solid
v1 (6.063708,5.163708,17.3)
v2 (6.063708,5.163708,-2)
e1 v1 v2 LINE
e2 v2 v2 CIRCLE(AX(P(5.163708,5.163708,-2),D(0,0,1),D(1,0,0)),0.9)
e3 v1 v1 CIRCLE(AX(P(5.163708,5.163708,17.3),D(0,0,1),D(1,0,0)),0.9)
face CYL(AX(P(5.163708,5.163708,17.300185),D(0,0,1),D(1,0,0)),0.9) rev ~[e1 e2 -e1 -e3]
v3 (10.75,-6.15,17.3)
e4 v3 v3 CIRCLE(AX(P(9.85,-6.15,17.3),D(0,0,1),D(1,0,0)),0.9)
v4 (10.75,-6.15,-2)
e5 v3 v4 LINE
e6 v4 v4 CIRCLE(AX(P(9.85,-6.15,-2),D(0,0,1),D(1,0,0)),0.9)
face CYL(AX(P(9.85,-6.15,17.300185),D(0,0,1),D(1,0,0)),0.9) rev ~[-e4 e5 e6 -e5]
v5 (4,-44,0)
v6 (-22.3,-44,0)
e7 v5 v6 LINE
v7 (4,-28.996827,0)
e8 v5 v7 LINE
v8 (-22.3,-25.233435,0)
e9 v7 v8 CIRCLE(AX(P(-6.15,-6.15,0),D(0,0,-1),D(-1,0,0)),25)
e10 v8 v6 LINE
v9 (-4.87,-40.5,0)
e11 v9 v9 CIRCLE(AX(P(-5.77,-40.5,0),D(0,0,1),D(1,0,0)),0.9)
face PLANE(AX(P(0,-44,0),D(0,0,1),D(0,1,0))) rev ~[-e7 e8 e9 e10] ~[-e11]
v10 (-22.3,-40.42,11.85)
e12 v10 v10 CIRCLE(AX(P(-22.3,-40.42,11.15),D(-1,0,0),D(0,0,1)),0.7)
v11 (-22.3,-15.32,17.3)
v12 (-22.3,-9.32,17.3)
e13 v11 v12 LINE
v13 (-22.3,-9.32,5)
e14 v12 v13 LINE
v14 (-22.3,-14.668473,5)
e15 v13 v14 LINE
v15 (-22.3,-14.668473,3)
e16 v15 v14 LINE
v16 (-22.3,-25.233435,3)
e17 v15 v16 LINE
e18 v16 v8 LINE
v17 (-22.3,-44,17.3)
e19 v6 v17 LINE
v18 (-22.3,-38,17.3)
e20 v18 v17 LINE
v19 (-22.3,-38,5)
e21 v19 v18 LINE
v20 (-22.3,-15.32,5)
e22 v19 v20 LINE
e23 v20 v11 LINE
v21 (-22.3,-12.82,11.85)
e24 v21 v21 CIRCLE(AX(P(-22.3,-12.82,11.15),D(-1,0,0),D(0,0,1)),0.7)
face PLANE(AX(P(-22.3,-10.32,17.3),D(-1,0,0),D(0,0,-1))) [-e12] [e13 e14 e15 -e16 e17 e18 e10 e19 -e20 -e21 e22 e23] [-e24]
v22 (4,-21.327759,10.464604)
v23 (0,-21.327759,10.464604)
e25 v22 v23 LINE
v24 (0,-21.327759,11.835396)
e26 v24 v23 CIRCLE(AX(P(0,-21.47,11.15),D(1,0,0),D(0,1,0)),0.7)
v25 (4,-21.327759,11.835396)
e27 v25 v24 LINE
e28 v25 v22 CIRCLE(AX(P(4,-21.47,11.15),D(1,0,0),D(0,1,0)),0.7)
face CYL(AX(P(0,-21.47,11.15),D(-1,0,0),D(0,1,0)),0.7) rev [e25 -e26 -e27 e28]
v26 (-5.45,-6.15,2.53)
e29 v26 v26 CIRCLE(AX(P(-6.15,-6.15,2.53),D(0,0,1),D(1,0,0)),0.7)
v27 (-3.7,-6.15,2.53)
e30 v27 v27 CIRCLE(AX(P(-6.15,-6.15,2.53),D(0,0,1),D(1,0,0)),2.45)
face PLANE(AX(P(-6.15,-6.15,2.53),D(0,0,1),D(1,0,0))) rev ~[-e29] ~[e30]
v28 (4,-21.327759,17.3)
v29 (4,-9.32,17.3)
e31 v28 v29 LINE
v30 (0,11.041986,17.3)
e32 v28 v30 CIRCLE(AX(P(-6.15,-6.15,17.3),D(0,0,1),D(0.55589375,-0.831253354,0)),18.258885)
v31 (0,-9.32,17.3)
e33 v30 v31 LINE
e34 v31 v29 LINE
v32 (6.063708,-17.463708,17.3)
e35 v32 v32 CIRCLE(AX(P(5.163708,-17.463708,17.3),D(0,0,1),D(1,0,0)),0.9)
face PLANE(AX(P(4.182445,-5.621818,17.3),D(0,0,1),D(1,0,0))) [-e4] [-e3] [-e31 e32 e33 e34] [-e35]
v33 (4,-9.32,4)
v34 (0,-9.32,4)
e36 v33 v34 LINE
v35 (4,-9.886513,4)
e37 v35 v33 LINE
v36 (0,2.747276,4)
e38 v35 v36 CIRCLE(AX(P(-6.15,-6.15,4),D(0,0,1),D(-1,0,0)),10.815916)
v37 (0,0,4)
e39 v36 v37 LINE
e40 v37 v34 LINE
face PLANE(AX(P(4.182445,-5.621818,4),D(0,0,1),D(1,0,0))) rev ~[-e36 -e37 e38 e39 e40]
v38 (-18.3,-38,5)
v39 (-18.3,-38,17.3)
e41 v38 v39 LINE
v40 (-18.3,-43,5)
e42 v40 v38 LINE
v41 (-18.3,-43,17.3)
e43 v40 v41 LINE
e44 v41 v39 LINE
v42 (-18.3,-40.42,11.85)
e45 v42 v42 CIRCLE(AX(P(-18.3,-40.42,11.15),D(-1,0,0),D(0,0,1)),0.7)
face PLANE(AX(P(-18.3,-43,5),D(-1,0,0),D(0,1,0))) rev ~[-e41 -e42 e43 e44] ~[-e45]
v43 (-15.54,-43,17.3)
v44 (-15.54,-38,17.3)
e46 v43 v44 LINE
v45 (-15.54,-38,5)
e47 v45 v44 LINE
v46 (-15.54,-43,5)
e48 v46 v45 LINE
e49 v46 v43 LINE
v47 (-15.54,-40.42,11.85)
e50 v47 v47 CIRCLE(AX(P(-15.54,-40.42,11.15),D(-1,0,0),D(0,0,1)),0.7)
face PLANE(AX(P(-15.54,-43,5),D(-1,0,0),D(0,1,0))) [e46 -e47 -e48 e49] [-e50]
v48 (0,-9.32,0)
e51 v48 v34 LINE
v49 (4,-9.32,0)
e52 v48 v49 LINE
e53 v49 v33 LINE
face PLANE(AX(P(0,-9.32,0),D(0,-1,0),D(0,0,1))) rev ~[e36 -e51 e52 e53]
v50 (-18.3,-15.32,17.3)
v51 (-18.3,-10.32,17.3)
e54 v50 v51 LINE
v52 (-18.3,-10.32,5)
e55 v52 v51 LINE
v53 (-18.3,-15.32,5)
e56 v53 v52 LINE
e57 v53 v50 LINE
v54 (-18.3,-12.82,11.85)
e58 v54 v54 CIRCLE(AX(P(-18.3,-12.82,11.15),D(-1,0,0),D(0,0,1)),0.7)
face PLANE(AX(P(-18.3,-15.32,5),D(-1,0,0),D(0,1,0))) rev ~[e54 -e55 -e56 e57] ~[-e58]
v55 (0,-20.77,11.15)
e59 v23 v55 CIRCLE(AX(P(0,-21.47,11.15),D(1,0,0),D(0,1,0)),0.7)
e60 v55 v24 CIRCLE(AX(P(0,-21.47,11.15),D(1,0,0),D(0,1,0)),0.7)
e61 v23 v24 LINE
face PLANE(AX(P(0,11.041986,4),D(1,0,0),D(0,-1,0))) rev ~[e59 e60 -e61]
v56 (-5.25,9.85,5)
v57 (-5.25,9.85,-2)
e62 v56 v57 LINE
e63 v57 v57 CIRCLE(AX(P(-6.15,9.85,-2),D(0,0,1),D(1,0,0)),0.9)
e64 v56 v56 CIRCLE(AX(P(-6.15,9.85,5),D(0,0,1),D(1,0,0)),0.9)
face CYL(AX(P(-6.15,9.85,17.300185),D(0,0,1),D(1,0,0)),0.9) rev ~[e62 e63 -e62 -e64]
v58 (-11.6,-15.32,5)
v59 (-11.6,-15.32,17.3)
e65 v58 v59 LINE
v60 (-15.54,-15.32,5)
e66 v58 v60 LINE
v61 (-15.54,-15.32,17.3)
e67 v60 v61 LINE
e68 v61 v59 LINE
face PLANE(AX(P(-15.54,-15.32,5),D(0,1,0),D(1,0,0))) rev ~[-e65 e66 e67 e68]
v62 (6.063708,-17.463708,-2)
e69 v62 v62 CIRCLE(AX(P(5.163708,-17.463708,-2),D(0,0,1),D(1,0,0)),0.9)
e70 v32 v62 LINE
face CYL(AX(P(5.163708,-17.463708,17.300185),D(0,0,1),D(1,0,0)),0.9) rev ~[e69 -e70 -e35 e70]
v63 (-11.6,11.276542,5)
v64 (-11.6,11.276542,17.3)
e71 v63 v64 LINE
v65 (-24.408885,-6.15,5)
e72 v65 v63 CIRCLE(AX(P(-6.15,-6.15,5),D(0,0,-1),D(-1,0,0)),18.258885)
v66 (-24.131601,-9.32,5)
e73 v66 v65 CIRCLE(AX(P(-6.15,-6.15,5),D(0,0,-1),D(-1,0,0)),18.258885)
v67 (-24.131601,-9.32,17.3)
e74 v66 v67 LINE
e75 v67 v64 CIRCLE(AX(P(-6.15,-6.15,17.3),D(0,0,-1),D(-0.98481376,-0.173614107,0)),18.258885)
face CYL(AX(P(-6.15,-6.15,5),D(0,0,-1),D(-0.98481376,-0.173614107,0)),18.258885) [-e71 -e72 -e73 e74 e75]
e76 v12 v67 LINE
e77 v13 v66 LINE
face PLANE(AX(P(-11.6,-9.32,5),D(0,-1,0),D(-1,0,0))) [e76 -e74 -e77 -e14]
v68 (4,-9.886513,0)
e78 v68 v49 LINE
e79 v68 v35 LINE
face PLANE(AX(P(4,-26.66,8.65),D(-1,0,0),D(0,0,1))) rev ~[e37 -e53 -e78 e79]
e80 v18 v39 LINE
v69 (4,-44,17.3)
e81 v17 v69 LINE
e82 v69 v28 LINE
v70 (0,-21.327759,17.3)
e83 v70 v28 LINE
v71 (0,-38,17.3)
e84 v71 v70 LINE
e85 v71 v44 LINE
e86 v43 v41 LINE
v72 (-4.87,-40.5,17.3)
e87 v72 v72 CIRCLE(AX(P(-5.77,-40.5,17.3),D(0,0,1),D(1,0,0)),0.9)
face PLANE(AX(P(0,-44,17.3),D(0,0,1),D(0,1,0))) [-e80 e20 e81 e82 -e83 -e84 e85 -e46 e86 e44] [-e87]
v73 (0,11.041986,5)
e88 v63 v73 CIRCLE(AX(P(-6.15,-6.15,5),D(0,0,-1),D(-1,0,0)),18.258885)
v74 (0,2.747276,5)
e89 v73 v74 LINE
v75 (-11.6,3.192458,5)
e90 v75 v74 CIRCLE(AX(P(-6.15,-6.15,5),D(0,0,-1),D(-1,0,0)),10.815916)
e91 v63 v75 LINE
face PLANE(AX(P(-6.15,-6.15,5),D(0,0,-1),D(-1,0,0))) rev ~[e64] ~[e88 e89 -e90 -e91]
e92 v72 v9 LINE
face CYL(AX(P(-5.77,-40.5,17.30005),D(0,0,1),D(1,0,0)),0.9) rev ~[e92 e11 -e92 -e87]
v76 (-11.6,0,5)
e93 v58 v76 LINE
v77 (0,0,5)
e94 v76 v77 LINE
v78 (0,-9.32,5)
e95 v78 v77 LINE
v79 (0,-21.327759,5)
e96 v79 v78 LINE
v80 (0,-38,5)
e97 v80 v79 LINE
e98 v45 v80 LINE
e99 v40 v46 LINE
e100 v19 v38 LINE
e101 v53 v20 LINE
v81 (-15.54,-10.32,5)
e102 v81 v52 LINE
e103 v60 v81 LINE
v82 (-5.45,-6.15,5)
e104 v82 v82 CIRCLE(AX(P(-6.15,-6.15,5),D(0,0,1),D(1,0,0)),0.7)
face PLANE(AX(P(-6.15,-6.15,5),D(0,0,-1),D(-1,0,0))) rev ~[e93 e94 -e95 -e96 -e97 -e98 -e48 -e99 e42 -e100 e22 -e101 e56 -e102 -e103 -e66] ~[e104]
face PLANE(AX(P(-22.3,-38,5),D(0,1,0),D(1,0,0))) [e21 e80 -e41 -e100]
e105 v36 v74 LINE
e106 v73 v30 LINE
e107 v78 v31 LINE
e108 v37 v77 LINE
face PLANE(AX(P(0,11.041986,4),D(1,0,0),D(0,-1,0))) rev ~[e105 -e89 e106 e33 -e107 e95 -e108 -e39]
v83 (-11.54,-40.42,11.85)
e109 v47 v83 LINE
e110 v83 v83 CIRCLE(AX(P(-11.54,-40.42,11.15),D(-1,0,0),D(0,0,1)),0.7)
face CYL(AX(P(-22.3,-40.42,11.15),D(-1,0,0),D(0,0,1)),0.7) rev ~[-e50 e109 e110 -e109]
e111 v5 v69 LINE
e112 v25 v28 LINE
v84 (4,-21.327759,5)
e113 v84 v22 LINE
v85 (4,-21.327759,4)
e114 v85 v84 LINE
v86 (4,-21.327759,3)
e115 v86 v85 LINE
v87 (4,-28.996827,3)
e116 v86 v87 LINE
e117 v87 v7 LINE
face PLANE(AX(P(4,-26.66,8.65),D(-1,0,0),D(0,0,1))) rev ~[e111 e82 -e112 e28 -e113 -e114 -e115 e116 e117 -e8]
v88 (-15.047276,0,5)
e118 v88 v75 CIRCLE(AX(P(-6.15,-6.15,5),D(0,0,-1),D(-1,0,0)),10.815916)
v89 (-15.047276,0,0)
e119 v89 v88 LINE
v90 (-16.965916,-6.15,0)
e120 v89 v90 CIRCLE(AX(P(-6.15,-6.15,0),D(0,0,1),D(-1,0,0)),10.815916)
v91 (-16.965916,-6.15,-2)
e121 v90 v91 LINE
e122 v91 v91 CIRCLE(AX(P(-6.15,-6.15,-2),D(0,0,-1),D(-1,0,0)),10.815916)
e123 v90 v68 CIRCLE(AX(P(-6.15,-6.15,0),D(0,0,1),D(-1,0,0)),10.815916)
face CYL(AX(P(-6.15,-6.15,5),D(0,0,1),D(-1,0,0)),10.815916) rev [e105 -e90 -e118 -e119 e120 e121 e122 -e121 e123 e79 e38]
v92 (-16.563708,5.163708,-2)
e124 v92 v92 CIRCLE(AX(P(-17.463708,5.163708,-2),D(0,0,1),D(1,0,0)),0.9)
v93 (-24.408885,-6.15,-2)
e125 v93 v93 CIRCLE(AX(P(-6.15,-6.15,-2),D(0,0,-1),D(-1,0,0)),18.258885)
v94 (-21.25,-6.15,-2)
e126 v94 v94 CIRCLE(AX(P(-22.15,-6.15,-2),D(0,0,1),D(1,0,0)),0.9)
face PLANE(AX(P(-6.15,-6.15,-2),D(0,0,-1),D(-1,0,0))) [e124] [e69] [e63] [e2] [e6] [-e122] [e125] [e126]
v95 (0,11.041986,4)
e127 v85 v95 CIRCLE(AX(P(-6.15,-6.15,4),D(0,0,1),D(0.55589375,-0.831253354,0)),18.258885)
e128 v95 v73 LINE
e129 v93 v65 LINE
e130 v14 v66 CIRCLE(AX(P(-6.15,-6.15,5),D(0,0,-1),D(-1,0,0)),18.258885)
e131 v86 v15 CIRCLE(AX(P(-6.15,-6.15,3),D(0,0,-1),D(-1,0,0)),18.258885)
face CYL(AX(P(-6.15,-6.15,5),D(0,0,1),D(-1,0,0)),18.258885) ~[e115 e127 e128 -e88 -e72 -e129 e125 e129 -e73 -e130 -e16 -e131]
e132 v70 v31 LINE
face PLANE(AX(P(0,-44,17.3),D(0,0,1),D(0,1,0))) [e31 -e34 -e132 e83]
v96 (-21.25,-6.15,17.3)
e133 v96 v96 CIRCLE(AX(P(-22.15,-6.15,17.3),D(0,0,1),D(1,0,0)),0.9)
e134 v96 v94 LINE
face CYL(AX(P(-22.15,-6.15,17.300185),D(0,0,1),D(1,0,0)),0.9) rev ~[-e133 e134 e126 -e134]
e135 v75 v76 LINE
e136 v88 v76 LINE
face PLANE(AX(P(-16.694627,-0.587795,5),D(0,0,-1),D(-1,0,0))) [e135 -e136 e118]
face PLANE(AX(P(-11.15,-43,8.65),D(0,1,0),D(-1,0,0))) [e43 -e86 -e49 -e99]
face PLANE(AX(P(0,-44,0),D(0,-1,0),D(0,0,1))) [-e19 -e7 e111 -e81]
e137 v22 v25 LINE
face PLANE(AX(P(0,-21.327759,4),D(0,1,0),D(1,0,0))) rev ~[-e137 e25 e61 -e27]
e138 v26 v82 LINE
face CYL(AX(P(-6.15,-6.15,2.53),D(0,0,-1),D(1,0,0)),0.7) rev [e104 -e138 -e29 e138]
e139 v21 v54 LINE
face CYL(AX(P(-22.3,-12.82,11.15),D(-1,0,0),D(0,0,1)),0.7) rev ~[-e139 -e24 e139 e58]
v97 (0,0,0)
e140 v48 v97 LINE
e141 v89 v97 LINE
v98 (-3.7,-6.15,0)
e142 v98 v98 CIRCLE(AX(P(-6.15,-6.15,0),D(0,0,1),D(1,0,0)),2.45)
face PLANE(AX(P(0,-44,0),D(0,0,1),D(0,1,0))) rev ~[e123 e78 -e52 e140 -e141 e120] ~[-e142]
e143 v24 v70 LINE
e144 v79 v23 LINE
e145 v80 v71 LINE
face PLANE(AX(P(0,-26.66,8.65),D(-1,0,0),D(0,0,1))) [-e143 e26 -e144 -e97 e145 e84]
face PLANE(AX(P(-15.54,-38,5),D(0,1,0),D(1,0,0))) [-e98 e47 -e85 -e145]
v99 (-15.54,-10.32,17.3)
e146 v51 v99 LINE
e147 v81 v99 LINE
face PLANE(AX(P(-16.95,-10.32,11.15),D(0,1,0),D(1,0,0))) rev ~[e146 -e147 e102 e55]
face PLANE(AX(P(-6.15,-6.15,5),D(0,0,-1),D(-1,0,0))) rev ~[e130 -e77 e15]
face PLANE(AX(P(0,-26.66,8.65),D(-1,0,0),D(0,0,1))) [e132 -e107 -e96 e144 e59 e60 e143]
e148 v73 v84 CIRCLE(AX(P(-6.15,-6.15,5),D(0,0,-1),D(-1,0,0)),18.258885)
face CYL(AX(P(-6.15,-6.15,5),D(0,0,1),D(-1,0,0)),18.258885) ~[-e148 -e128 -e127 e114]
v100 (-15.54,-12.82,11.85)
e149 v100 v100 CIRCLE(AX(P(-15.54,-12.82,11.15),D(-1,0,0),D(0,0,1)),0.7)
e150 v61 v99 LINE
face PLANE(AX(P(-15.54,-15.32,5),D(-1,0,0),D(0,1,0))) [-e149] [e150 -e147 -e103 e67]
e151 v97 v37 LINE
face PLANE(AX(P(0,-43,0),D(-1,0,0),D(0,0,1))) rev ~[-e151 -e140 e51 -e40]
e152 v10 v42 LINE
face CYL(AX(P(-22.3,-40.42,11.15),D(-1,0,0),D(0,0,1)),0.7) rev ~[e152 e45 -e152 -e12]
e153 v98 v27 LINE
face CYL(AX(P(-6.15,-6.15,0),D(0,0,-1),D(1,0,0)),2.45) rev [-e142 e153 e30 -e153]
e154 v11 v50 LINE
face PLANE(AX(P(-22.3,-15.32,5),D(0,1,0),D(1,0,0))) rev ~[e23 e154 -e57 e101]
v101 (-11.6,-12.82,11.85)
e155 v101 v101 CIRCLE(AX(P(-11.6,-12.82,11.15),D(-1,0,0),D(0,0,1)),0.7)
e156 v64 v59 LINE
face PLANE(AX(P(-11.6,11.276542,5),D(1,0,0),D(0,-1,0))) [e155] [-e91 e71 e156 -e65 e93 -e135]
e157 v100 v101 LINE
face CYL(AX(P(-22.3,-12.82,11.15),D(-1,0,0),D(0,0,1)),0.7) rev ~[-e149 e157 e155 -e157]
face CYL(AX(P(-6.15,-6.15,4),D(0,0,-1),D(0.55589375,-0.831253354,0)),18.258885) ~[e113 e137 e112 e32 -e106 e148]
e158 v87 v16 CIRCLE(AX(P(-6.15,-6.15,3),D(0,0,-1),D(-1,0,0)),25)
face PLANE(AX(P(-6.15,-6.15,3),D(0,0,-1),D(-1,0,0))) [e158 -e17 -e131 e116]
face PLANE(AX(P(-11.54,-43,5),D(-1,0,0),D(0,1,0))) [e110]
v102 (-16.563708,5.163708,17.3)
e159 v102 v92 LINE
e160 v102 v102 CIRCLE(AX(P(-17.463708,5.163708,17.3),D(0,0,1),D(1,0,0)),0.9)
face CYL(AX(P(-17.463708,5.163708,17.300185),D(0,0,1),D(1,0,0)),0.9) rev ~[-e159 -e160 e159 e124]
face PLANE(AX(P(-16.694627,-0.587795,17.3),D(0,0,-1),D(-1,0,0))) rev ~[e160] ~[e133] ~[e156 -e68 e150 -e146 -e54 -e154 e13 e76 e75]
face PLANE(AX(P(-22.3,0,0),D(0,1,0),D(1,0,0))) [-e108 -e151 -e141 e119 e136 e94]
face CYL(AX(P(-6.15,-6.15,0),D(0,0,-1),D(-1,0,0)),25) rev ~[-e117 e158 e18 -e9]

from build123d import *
from build123d.topology import SkipClean

# Parameters (mm, degrees)
ESQUISSE1_W              = 22.3
ESQUISSE1_H              = 43
ESQUISSE1_R              = 2.45
BOSS_EXTRU_1_DEPTH       = 5
BOSS_EXTRU_2_START       = -2.47
ESQUISSE2_R              = 2.45
ESQUISSE2_R_2            = 0.7
BOSS_EXTRU_2_DEPTH       = 2.47
ESQUISSE3_W              = 4
ESQUISSE3_H              = 5
ESQUISSE3_W_2            = 3.94
BOSS_EXTRU_3_DEPTH       = 12.3
ESQUISSE4_R              = 0.7
ENL_V_MAT_EXTRU_1_DEPTH  = 52.435201954
BOSS_EXTRU_4_DEPTH       = 1
ESQUISSE6_W              = 10.7
ESQUISSE6_H              = 12.3
BOSS_EXTRU_5_DEPTH       = 1
ESQUISSE7_R              = 0.7
BOSS_EXTRU_6_DEPTH       = 4
BOSS_EXTRU_7_DEPTH       = 2
BOSS_EXTRU_7_DEPTH_BACK  = 5
ESQUISSE10_R             = 18.258884917
ESQUISSE10_R_2           = 10.815915506
ESQUISSE11_R             = 25
ESQUISSE11_R_2           = 18.258884917
ENL_V_MAT_EXTRU_4_DEPTH  = 3
ESQUISSE13_W             = 11.54
ESQUISSE13_H             = 5
BOSS_EXTRU_14_DEPTH      = 12.3
BOSS_EXTRU_15_DEPTH      = 12.3
BOSS_EXTRU_19_DEPTH      = 12.3
BOSS_EXTRU_19_DEPTH_BACK = 1
ESQUISSE16_R             = 0.9
ENL_V_MAT_EXTRU_5_DEPTH  = 54.89147246
ESQUISSE17_R             = 0.9
ENL_V_MAT_EXTRU_6_DEPTH  = 54.891424113


with BuildPart() as part:
    # Esquisse1 → Boss.-Extru.1 (new body)
    with BuildSketch(Plane.XY):
        with Locations((-11.15, -21.5)):
            Rectangle(ESQUISSE1_W, ESQUISSE1_H)
        with Locations((-6.15, -6.15)):
            Circle(ESQUISSE1_R, mode=Mode.SUBTRACT)
    extrude(amount=BOSS_EXTRU_1_DEPTH)

    # Esquisse2 → Boss.-Extru.2 (add)
    with BuildSketch(Plane.XY.offset(5).offset(BOSS_EXTRU_2_START)):
        with Locations((-6.15, -6.15)):
            Circle(ESQUISSE2_R)
        with Locations((-6.15, -6.15)):
            Circle(ESQUISSE2_R_2, mode=Mode.SUBTRACT)
    extrude(amount=BOSS_EXTRU_2_DEPTH)

    # Esquisse3 → Boss.-Extru.3 (add)
    with BuildSketch(Plane.XY.offset(5)):
        with Locations((-20.3, -40.5)):
            Rectangle(ESQUISSE3_W, ESQUISSE3_H)
        with Locations((-13.54, -40.5)):
            Rectangle(ESQUISSE3_W, ESQUISSE3_H)
        with Locations((-20.3, -12.82)):
            Rectangle(ESQUISSE3_W, ESQUISSE3_H)
        with Locations((-13.57, -12.82)):
            Rectangle(ESQUISSE3_W_2, ESQUISSE3_H)
    extrude(amount=BOSS_EXTRU_3_DEPTH)

    # Esquisse4 → Enlèv. mat.-Extru.1 (cut, through all)
    with BuildSketch(Plane.ZY.offset(22.3)):
        with Locations((11.15, -12.82)):
            Circle(ESQUISSE4_R)
        with Locations((11.15, -40.42)):
            Circle(ESQUISSE4_R)
    extrude(amount=-ENL_V_MAT_EXTRU_1_DEPTH, mode=Mode.SUBTRACT)

    # Esquisse5 → Boss.-Extru.4 (add)
    with BuildSketch(Plane.XZ.offset(43)):
        Polygon((-22.3, 17.3), (-11.54, 17.3), (0, 17.3), (0, 5), (0, 0), (-22.3, 0), align=None)
    extrude(amount=BOSS_EXTRU_4_DEPTH)

    # Esquisse6 → Boss.-Extru.5 (add)
    with BuildSketch(Plane(origin=(0, -10.32, 0), x_dir=(1, 0, 0), z_dir=(0, 1, 0))):
        with Locations((-16.95, -11.15)):
            Rectangle(ESQUISSE6_W, ESQUISSE6_H)
    extrude(amount=BOSS_EXTRU_5_DEPTH)

    # Esquisse7 → Boss.-Extru.6 (add)
    with BuildSketch(Plane(origin=(0, 0, 0), x_dir=(0, 0, -1), z_dir=(1, 0, 0))):
        Polygon((-5, -9.32), (0, -9.32), (0, -15.32), (0, -27.62), (0, -44), (-17.3, -44), (-17.3, -9.32), align=None)
        with Locations(Location((-11.15, -21.47, 0), (0, 0, 90))):
            Circle(ESQUISSE7_R, mode=Mode.SUBTRACT)
    extrude(amount=BOSS_EXTRU_6_DEPTH)

    # Esquisse10 → Boss.-Extru.7 (add, two sides: drawn at the far end of the back side and taken through both)
    with BuildSketch(Plane(origin=(0, 0, 0), x_dir=(-1, 0, 0), z_dir=(0, 0, -1)).offset(-BOSS_EXTRU_7_DEPTH_BACK)):
        with Locations((6.15, -6.15)):
            Circle(ESQUISSE10_R)
        with Locations((6.15, -6.15)):
            Circle(ESQUISSE10_R_2, mode=Mode.SUBTRACT)
    extrude(amount=BOSS_EXTRU_7_DEPTH + BOSS_EXTRU_7_DEPTH_BACK)

    # Esquisse11 → Enlèv. mat.-Extru.4 (cut)
    with BuildSketch(Plane(origin=(0, 0, 0), x_dir=(-1, 0, 0), z_dir=(0, 0, -1))):
        with Locations((6.15, -6.15)):
            Circle(ESQUISSE11_R)
        with Locations((6.15, -6.15)):
            Circle(ESQUISSE11_R_2, mode=Mode.SUBTRACT)
    extrude(amount=-ENL_V_MAT_EXTRU_4_DEPTH, mode=Mode.SUBTRACT)

    # Esquisse13 → Boss.-Extru.14 (add, through all)
    with BuildSketch(Plane.XY.offset(5)):
        with Locations((-5.77, -40.5)):
            Rectangle(ESQUISSE13_W, ESQUISSE13_H)
    extrude(amount=BOSS_EXTRU_14_DEPTH)

    # Esquisse14 → Boss.-Extru.15 (add, through all)
    with BuildSketch(Plane.XY.offset(5)):
        with BuildLine():
            Line((-11.6, 11.276542354), (-11.6, -9.32))
            Line((-11.6, -9.32), (-24.131601108, -9.32))
            ThreePointArc((-24.131601108, -9.32), (-21.748537491, 3.340653642), (-11.6, 11.276542354))
        make_face()
    extrude(amount=BOSS_EXTRU_15_DEPTH)

    # Esquisse15 → Boss.-Extru.19 (add, two sides: drawn at the far end of the back side and taken through both)
    with SkipClean():  # the faces are left unmerged after this step: merging them gives an invalid solid
        with BuildSketch(Plane.XY.offset(5).offset(-BOSS_EXTRU_19_DEPTH_BACK)):
            with BuildLine():
                Line((0, 11.041985878), (0, -21.327759335))
                Line((0, -21.327759335), (4, -21.327759335))
                ThreePointArc((4, -21.327759335), (11.971054089, -3.910741832), (0, 11.041985878))
            make_face()
        extrude(amount=BOSS_EXTRU_19_DEPTH + BOSS_EXTRU_19_DEPTH_BACK)

    # Esquisse16 → Enlèv. mat.-Extru.5 (cut, through all)
    with SkipClean():  # the faces are left unmerged after this step: merging them gives an invalid solid
        with BuildSketch(Plane.XY.offset(17.300185)):
            with Locations((9.85, -6.15)):
                Circle(ESQUISSE16_R)
            with Locations((5.163708499, -17.463708499)):
                Circle(ESQUISSE16_R)
            with Locations((-22.15, -6.15)):
                Circle(ESQUISSE16_R)
            with Locations((-17.463708499, 5.163708499)):
                Circle(ESQUISSE16_R)
            with Locations((-6.15, 9.85)):
                Circle(ESQUISSE16_R)
            with Locations((5.163708499, 5.163708499)):
                Circle(ESQUISSE16_R)
        extrude(amount=-ENL_V_MAT_EXTRU_5_DEPTH, mode=Mode.SUBTRACT)

    # Esquisse17 → Enlèv. mat.-Extru.6 (cut, through all)
    with SkipClean():  # the faces are left unmerged after this step: merging them gives an invalid solid
        with BuildSketch(Plane.XY.offset(17.30005)):
            with Locations((-5.77, -40.5)):
                Circle(ESQUISSE17_R)
        extrude(amount=-ENL_V_MAT_EXTRU_6_DEPTH, mode=Mode.SUBTRACT)


solid = part.part
